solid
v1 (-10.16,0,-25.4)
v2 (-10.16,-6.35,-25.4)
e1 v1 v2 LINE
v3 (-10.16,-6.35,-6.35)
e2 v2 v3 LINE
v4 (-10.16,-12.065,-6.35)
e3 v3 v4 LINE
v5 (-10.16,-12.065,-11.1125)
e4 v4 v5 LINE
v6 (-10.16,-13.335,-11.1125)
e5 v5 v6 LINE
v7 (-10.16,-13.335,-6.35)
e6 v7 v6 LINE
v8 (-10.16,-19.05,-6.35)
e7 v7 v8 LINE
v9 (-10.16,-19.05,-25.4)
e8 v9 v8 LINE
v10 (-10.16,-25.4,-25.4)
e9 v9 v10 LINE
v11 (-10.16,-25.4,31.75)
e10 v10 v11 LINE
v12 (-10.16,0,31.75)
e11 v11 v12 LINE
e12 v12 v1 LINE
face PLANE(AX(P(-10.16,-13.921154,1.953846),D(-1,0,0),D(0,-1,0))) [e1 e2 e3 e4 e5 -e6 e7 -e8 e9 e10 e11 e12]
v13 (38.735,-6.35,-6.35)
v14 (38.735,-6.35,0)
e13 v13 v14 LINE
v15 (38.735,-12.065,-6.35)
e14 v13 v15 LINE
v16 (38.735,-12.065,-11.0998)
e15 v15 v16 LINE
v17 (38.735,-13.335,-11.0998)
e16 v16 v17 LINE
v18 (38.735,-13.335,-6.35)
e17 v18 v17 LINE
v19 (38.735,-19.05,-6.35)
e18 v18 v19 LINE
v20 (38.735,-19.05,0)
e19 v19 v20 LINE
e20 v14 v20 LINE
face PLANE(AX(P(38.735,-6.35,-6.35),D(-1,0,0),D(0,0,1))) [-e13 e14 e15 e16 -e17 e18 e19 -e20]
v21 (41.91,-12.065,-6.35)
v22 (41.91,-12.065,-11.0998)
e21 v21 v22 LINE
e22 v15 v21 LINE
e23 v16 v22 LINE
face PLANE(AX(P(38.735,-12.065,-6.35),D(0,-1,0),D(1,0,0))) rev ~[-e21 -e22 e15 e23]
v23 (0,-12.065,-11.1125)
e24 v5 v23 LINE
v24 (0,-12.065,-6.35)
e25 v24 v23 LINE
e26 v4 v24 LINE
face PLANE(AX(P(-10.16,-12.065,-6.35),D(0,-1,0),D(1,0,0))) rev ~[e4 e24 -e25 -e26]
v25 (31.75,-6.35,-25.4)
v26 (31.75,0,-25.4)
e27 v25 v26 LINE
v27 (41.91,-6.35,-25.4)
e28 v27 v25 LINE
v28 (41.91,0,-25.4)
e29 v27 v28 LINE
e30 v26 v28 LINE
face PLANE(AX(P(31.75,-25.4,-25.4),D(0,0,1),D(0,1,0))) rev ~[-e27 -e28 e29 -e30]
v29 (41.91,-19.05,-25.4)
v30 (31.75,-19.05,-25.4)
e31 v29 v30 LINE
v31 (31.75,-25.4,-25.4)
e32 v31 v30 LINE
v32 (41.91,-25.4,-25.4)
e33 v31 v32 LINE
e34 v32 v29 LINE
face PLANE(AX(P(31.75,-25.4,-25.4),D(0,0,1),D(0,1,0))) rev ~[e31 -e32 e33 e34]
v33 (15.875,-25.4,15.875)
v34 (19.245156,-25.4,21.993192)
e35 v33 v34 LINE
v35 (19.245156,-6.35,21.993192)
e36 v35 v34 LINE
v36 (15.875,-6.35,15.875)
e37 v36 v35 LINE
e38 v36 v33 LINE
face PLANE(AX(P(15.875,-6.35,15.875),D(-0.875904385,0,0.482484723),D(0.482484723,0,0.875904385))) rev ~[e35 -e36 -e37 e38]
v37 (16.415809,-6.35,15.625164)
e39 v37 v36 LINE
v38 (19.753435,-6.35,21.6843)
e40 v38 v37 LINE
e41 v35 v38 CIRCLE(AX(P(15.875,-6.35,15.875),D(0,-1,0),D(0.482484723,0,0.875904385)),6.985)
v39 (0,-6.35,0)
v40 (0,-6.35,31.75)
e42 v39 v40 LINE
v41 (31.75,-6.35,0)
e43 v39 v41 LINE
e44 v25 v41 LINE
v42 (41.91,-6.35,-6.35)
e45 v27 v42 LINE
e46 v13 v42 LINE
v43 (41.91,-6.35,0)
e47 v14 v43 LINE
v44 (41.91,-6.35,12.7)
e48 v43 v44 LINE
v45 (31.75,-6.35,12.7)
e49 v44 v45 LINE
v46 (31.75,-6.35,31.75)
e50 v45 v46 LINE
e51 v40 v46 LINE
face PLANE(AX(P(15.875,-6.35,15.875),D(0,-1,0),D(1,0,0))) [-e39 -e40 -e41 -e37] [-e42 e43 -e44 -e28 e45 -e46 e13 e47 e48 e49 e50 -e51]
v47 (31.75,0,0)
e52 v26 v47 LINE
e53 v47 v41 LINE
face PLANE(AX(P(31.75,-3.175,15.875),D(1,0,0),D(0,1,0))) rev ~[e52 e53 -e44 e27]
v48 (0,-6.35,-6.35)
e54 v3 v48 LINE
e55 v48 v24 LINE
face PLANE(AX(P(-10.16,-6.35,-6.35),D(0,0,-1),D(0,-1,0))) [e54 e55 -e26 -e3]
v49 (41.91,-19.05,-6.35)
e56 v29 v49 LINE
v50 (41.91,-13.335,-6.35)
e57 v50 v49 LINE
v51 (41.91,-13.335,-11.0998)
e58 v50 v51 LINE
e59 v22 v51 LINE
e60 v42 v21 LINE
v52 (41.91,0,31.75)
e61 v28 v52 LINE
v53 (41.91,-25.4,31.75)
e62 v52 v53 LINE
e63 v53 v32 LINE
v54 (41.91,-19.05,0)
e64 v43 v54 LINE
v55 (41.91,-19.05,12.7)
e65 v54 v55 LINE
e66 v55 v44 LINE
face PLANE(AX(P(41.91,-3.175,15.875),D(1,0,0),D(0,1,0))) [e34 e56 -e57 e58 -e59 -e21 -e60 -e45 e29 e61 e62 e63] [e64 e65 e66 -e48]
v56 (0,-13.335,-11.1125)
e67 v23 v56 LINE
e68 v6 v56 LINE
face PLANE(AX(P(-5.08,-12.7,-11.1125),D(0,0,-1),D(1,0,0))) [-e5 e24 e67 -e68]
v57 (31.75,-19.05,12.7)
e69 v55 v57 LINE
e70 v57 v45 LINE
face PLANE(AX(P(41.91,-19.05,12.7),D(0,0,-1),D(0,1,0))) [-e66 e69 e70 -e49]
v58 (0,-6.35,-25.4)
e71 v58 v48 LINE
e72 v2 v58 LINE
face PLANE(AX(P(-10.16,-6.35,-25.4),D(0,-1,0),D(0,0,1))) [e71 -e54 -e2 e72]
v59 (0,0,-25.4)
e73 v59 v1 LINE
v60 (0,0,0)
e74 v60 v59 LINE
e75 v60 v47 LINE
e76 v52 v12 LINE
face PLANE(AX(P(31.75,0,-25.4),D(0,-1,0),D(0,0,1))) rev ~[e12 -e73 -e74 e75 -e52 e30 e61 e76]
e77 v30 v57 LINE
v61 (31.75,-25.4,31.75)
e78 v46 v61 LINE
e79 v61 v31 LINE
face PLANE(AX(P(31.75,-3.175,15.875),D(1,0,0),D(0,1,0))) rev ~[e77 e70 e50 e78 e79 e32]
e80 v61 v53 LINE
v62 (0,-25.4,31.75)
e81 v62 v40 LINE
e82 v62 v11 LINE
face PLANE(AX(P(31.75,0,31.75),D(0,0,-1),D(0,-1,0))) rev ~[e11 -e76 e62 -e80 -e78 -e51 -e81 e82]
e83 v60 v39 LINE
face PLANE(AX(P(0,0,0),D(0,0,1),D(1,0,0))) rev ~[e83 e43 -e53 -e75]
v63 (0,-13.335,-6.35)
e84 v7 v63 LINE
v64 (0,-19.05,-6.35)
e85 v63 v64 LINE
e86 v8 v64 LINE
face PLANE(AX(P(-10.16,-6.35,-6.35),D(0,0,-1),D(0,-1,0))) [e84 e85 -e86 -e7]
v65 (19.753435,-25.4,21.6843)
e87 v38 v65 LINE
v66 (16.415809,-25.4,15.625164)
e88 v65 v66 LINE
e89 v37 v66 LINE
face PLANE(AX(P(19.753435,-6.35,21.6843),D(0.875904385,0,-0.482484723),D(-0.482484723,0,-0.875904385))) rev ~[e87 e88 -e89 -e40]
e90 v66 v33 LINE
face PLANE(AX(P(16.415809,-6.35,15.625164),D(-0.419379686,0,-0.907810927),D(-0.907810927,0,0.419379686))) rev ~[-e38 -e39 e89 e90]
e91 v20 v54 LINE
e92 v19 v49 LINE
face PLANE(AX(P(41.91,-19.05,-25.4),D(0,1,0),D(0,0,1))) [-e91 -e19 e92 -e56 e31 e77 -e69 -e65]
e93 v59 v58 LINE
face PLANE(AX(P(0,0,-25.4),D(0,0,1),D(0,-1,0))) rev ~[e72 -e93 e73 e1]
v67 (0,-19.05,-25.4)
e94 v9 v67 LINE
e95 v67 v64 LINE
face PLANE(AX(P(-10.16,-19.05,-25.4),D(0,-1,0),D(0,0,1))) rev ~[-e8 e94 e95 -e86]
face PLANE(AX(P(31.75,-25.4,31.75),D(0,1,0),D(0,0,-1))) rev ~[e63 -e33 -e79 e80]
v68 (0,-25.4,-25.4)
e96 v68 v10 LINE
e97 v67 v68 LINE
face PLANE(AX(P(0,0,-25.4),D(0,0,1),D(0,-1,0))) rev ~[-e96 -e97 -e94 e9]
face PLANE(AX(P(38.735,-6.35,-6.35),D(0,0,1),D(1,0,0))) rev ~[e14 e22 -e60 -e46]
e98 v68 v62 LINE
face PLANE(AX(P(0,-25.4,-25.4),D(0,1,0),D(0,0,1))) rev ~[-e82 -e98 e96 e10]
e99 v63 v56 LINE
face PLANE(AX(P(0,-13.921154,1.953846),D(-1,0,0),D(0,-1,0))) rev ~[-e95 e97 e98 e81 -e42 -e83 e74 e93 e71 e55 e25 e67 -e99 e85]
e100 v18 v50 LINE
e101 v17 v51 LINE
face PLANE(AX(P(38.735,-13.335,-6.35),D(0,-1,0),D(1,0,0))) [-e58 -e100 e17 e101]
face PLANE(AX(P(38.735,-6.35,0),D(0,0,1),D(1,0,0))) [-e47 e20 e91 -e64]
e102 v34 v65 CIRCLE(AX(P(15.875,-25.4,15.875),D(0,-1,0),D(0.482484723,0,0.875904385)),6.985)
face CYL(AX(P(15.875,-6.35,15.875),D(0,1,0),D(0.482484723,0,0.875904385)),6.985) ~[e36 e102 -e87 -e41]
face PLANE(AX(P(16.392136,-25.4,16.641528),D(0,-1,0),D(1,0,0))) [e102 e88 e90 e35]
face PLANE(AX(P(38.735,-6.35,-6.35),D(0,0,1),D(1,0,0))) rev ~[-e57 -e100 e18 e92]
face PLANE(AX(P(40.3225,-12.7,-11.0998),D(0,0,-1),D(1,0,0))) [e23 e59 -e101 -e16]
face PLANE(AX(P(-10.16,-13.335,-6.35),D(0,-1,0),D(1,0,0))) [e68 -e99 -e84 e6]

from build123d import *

# Parameters (mm, degrees)
F0_W      = 31.75
F0_H      = 31.75
F1_DEPTH  = 6.35
F2_W      = 6.35
F2_H      = 31.75
F3_DEPTH  = 10.16
F4_W      = 6.35
F4_H      = 31.75
F5_DEPTH  = 10.16
F6_W      = 12.7
F6_H      = 38.1
F7_DEPTH  = 12.7
F8_W      = 3.175
F8_H      = 6.35
F9_DEPTH  = 12.7
F10_W     = 12.7
F10_H     = 19.05
F11_DEPTH = 12.7
F13_W     = 10.16
F13_H     = 1.27
F14_DEPTH = 4.7625
F16_DEPTH = 19.05
F17_W     = 3.175
F17_H     = 1.27
F18_DEPTH = 4.7498


with BuildPart() as f1:
    # F0 (on Front) → F1 (new body)
    with BuildSketch(Plane.XZ):
        with Locations((15.875, 15.875)):
            Rectangle(F0_W, F0_H)
    extrude(amount=F1_DEPTH)

    # F2 (on face) → F3 (join)
    with BuildSketch(Plane(origin=(0, 0, 0), x_dir=(0, -1, 0), z_dir=(-1, 0, 0))):
        Polygon((0, 0), (0, -25.4), (25.4, -25.4), (25.4, 31.75), (6.35, 31.75), (6.35, 0), align=None)
        with Locations((3.175, 15.875)):
            Rectangle(F2_W, F2_H)
    extrude(amount=F3_DEPTH)

    # F4 (on face) → F5 (join)
    with BuildSketch(Plane.YZ.offset(31.75)):
        with Locations((-3.175, 15.875)):
            Rectangle(F4_W, F4_H)
        Polygon((-6.35, 0), (-6.35, 31.75), (-25.4, 31.75), (-25.4, -25.4), (0, -25.4), (0, 0), align=None)
    extrude(amount=F5_DEPTH)

    # F6 (on face) → F7 (cut)
    with BuildSketch(Plane.YZ.offset(41.91)):
        with Locations((-12.7, -6.35)):
            Rectangle(F6_W, F6_H)
    extrude(amount=-F7_DEPTH, mode=Mode.SUBTRACT)

    # F8 (on face) → F9 (join, through all)
    with BuildSketch(Plane.XZ.offset(6.35)):
        with Locations((40.3225, -3.175)):
            Rectangle(F8_W, F8_H)
    extrude(amount=F9_DEPTH)

    # F10 (on face) → F11 (cut)
    with BuildSketch(Plane(origin=(-10.16, 0, 0), x_dir=(0, -1, 0), z_dir=(-1, 0, 0))):
        with Locations((12.7, -15.875)):
            Rectangle(F10_W, F10_H)
    extrude(amount=-F11_DEPTH, mode=Mode.SUBTRACT)

    # F13 (on face) → F14 (join)
    with BuildSketch(Plane(origin=(0, 0, -6.35), x_dir=(1, 0, 0), z_dir=(0, 0, -1))):
        with Locations((-5.08, 12.7)):
            Rectangle(F13_W, F13_H)
    extrude(amount=F14_DEPTH)

    # F15 (on face) → F16 (join)
    with BuildSketch(Plane.XZ.offset(6.35)):
        with BuildLine():
            Line((16.4158089086, 15.6251635376), (15.875, 15.875))
            Line((15.875, 15.875), (19.2451557873, 21.9931921324))
            ThreePointArc((19.2451557873, 21.9931921324), (12.2474155401, 9.9058412664), (19.7534345525, 21.6843003384))
            Line((19.7534345525, 21.6843003384), (16.4158089086, 15.6251635376))
        make_face()
    extrude(amount=F16_DEPTH)

    # F17 (on face) → F18 (join)
    with BuildSketch(Plane(origin=(0, 0, -6.35), x_dir=(1, 0, 0), z_dir=(0, 0, -1))):
        with Locations((40.3225, 12.7)):
            Rectangle(F17_W, F17_H)
    extrude(amount=F18_DEPTH)


solid = f1.part
